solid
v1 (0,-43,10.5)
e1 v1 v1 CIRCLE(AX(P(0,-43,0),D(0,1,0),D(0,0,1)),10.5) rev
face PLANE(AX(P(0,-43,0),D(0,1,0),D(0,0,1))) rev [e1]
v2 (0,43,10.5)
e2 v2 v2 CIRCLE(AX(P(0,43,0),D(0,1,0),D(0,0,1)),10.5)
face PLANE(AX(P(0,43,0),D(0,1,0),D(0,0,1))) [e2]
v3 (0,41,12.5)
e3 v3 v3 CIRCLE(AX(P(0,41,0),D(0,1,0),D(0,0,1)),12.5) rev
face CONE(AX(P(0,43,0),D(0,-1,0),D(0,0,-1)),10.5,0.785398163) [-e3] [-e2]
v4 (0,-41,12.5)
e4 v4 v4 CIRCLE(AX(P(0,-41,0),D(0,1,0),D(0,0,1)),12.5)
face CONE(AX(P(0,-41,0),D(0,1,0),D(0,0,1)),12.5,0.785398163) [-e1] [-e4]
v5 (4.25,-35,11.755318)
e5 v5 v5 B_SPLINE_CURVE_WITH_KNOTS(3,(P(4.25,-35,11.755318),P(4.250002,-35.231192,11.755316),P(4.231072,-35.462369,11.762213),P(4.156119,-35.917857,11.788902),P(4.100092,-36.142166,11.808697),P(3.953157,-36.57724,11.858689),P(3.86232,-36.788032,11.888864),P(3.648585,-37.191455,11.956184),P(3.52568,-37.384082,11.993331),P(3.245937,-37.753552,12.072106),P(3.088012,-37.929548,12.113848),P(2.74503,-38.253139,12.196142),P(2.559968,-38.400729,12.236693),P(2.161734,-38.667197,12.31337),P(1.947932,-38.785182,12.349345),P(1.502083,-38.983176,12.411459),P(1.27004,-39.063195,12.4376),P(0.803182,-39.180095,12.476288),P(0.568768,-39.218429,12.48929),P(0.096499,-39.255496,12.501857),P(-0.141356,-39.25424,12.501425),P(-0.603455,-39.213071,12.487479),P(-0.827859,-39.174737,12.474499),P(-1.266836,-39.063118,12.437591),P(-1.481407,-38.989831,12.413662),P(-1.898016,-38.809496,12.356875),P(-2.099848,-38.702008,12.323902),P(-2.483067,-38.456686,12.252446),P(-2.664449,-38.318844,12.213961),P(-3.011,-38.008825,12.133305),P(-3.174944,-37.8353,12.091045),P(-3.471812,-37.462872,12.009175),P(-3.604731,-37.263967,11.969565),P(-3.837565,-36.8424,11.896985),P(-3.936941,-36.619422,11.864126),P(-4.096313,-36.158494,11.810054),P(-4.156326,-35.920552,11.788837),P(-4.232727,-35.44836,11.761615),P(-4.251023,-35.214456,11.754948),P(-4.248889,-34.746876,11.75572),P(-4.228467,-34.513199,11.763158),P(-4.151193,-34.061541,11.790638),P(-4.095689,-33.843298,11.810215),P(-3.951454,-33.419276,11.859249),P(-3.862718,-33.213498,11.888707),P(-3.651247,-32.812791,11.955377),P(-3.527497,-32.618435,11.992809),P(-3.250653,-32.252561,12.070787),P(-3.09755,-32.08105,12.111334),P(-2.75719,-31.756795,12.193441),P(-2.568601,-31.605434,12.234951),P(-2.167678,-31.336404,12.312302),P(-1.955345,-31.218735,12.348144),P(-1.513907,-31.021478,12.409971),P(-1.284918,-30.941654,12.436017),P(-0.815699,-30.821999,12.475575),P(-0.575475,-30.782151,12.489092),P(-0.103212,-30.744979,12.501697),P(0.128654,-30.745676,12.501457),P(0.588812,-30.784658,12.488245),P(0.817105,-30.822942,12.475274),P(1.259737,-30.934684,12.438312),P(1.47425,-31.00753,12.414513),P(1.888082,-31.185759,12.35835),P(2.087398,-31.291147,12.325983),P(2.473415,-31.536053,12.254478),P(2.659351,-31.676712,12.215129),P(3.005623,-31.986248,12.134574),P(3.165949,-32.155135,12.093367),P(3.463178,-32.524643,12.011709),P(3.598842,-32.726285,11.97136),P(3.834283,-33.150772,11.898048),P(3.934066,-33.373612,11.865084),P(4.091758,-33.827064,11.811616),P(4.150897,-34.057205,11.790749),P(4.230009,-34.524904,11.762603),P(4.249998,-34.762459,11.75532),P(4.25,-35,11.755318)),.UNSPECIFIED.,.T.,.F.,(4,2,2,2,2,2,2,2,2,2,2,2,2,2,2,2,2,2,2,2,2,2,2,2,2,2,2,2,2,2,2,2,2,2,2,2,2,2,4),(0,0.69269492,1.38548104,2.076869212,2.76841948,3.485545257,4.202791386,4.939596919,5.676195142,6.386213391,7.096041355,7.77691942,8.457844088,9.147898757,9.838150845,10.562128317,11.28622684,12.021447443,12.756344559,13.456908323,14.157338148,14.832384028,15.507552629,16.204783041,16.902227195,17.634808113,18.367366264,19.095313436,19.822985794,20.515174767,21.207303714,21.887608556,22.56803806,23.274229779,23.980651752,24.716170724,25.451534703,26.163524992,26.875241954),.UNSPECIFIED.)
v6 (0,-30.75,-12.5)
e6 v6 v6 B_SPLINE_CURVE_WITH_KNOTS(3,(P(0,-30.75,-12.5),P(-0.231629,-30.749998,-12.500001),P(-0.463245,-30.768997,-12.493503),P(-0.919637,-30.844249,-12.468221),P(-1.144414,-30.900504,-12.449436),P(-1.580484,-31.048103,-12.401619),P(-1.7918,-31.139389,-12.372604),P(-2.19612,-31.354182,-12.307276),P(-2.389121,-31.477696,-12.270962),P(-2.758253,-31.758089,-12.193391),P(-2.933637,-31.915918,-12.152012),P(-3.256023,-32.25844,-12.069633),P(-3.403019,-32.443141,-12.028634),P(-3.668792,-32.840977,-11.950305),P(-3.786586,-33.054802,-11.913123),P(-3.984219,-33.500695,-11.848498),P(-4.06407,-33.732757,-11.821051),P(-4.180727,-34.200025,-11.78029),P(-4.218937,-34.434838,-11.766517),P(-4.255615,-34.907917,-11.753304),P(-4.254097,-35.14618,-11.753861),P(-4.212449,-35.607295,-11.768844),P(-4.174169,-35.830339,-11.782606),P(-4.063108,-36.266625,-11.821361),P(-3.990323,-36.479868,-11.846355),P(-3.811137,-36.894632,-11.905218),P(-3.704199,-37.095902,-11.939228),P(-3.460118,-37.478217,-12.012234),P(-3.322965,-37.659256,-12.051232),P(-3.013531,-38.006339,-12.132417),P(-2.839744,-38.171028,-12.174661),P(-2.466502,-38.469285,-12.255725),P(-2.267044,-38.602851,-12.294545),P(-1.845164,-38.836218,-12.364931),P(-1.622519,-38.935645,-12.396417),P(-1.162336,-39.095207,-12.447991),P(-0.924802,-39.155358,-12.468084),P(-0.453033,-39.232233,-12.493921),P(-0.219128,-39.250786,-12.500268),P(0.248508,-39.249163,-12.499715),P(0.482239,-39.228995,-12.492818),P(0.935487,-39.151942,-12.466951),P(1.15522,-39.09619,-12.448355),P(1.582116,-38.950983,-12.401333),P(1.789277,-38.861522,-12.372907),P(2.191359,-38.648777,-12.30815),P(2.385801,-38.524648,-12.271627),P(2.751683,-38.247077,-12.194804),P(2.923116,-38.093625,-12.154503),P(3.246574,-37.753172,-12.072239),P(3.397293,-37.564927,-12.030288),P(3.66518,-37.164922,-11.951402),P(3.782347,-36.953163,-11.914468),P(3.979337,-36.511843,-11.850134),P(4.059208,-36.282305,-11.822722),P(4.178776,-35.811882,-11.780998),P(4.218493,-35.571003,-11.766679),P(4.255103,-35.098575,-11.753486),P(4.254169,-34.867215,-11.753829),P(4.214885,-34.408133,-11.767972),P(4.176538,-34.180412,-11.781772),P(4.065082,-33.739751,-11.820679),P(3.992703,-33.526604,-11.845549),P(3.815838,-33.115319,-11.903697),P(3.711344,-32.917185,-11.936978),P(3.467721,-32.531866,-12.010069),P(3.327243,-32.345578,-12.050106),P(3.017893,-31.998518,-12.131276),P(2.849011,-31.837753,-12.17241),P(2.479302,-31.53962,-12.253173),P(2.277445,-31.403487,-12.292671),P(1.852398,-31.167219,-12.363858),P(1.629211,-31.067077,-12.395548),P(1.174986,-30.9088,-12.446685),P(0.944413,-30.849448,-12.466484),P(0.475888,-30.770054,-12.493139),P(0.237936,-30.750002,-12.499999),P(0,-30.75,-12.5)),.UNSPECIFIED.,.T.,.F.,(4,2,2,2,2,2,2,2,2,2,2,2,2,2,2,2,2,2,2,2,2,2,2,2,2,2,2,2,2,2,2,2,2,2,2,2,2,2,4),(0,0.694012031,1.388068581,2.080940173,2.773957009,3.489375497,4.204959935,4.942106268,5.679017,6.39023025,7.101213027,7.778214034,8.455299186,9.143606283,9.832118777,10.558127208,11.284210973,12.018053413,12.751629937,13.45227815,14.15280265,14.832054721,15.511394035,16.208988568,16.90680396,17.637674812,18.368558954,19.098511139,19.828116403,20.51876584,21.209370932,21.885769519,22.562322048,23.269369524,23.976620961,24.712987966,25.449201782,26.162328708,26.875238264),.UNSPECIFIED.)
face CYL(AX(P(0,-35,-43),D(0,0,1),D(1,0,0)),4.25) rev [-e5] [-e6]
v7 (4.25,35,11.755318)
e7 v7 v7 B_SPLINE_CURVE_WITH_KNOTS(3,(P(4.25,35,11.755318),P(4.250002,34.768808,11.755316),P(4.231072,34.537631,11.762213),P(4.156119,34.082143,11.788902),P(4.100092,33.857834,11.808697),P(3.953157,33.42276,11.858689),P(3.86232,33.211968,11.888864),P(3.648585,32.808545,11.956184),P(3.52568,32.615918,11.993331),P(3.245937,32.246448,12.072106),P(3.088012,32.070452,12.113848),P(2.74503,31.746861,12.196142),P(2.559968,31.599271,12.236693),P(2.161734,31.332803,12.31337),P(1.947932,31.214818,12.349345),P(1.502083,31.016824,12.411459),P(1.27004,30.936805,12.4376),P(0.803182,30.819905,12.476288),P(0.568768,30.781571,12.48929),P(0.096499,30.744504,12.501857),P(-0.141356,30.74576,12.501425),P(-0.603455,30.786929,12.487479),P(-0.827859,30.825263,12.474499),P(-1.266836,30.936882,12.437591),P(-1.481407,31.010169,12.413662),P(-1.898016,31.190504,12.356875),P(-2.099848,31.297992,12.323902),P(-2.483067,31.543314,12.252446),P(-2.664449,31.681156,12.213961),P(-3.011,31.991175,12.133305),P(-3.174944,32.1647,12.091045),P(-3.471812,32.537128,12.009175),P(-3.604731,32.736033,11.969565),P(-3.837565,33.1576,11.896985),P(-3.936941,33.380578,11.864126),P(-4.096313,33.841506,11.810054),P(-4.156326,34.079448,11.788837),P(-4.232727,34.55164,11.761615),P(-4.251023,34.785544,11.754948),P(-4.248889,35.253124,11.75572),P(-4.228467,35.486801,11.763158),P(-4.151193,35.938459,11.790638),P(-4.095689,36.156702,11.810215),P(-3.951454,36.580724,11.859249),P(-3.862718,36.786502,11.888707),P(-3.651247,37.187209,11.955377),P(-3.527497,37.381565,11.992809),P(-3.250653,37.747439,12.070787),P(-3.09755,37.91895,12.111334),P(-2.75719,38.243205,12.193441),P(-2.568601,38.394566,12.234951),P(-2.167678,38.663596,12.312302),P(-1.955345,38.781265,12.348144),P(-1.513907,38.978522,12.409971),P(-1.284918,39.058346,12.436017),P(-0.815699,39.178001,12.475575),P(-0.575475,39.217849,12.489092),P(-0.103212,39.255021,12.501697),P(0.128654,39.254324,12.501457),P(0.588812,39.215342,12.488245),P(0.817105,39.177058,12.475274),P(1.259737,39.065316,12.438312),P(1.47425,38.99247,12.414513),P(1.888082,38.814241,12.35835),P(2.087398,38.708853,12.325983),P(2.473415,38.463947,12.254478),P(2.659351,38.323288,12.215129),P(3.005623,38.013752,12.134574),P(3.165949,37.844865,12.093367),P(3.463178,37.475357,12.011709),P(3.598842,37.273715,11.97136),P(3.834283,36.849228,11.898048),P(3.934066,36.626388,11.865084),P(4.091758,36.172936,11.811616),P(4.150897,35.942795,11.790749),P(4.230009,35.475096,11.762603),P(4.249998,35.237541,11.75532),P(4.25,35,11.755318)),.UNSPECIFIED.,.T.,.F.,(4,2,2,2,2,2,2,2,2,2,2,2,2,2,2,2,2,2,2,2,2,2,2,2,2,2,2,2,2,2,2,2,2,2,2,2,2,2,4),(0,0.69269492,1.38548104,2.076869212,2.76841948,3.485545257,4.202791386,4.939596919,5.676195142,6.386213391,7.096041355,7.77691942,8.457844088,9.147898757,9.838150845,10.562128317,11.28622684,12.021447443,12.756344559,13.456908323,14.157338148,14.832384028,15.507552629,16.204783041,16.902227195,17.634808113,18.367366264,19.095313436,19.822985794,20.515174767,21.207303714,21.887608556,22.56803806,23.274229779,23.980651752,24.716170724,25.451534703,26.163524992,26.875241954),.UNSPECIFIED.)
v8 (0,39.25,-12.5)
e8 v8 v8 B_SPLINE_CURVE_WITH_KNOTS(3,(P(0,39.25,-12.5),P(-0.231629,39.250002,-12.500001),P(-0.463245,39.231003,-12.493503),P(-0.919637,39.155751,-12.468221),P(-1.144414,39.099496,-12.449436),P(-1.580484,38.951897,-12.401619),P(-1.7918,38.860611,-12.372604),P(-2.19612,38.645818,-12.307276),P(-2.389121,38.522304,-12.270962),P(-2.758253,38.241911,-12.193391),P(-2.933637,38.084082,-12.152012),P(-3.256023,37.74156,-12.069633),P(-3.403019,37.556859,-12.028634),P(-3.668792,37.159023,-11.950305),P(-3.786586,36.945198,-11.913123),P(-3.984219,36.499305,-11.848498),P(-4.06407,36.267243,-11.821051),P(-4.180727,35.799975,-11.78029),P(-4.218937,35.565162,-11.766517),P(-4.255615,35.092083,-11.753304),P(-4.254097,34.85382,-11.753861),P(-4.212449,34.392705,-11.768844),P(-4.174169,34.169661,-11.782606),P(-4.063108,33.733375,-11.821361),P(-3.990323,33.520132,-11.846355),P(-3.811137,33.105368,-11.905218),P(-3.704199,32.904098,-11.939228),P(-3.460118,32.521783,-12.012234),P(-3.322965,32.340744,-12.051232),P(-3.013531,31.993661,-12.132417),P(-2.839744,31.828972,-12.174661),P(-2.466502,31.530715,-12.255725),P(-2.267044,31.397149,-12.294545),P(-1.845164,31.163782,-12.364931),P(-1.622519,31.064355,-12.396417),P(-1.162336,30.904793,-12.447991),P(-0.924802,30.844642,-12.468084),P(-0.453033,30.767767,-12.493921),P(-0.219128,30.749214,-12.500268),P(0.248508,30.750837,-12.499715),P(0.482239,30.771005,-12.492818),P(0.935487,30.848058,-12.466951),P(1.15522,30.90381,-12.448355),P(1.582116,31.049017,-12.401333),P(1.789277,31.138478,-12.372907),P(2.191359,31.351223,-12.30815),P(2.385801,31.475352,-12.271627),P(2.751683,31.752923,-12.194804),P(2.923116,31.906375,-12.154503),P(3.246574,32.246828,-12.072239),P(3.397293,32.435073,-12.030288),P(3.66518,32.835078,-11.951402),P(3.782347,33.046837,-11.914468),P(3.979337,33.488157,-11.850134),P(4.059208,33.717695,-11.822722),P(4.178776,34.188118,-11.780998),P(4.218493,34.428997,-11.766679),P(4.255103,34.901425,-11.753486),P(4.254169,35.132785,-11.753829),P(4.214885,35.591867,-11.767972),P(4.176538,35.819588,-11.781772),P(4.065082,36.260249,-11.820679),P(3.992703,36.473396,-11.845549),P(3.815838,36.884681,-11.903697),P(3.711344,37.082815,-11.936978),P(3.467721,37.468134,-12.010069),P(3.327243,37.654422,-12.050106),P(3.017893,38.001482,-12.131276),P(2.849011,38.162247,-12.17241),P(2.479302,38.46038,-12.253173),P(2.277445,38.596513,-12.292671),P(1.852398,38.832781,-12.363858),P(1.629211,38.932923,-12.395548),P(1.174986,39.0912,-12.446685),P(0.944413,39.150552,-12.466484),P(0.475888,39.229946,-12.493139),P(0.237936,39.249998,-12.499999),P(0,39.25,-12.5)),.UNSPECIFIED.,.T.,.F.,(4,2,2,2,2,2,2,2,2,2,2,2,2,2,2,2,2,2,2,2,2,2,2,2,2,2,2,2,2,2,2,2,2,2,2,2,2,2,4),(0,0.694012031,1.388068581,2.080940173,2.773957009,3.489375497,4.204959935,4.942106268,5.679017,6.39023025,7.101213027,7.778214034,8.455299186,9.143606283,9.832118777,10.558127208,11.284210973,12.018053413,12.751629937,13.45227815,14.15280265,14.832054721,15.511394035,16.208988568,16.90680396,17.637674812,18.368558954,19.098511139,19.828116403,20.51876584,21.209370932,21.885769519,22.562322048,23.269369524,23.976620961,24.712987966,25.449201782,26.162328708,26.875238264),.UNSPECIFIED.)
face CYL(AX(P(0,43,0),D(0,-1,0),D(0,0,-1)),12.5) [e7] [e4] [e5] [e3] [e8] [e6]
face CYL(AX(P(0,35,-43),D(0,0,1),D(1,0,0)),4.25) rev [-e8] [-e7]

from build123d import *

# Parameters (mm, degrees)
ESBO_O1_R                = 12.5
RESSALTO_EXTRUS_O1_DEPTH = 43
CHANFRO1_SIZE            = 2
ESBO_O2_R                = 4.25
CORTE_EXTRUS_O1_DEPTH    = 43


with BuildPart() as part:
    # Esboço1 → Ressalto-extrusão1 (new, symmetric)
    with BuildSketch(Plane(origin=(0, 0, 0), x_dir=(1, 0, 0), z_dir=(0, 1, 0))):
        with Locations(Location((0, 0, 0), (0, 0, 270))):
            Circle(ESBO_O1_R)
    extrude(amount=RESSALTO_EXTRUS_O1_DEPTH, both=True)

    # Chanfro1
    chanfro1_edges = [part.edges().sort_by_distance(p)[0] for p in [
        (0, -43, -12.5),
        (0, 43, -12.5),
    ]]
    chamfer(chanfro1_edges, length=CHANFRO1_SIZE)

    # Esboço2 → Corte-extrusão1 (cut, symmetric)
    with BuildSketch(Plane.XY):
        with Locations(Location((0, 35, 0), (0, 0, 89.999999985))):
            Circle(ESBO_O2_R)
        with Locations(Location((0, -35, 0), (0, 0, 89.999999985))):
            Circle(ESBO_O2_R)
    extrude(amount=CORTE_EXTRUS_O1_DEPTH, both=True, mode=Mode.SUBTRACT)


solid = part.part
